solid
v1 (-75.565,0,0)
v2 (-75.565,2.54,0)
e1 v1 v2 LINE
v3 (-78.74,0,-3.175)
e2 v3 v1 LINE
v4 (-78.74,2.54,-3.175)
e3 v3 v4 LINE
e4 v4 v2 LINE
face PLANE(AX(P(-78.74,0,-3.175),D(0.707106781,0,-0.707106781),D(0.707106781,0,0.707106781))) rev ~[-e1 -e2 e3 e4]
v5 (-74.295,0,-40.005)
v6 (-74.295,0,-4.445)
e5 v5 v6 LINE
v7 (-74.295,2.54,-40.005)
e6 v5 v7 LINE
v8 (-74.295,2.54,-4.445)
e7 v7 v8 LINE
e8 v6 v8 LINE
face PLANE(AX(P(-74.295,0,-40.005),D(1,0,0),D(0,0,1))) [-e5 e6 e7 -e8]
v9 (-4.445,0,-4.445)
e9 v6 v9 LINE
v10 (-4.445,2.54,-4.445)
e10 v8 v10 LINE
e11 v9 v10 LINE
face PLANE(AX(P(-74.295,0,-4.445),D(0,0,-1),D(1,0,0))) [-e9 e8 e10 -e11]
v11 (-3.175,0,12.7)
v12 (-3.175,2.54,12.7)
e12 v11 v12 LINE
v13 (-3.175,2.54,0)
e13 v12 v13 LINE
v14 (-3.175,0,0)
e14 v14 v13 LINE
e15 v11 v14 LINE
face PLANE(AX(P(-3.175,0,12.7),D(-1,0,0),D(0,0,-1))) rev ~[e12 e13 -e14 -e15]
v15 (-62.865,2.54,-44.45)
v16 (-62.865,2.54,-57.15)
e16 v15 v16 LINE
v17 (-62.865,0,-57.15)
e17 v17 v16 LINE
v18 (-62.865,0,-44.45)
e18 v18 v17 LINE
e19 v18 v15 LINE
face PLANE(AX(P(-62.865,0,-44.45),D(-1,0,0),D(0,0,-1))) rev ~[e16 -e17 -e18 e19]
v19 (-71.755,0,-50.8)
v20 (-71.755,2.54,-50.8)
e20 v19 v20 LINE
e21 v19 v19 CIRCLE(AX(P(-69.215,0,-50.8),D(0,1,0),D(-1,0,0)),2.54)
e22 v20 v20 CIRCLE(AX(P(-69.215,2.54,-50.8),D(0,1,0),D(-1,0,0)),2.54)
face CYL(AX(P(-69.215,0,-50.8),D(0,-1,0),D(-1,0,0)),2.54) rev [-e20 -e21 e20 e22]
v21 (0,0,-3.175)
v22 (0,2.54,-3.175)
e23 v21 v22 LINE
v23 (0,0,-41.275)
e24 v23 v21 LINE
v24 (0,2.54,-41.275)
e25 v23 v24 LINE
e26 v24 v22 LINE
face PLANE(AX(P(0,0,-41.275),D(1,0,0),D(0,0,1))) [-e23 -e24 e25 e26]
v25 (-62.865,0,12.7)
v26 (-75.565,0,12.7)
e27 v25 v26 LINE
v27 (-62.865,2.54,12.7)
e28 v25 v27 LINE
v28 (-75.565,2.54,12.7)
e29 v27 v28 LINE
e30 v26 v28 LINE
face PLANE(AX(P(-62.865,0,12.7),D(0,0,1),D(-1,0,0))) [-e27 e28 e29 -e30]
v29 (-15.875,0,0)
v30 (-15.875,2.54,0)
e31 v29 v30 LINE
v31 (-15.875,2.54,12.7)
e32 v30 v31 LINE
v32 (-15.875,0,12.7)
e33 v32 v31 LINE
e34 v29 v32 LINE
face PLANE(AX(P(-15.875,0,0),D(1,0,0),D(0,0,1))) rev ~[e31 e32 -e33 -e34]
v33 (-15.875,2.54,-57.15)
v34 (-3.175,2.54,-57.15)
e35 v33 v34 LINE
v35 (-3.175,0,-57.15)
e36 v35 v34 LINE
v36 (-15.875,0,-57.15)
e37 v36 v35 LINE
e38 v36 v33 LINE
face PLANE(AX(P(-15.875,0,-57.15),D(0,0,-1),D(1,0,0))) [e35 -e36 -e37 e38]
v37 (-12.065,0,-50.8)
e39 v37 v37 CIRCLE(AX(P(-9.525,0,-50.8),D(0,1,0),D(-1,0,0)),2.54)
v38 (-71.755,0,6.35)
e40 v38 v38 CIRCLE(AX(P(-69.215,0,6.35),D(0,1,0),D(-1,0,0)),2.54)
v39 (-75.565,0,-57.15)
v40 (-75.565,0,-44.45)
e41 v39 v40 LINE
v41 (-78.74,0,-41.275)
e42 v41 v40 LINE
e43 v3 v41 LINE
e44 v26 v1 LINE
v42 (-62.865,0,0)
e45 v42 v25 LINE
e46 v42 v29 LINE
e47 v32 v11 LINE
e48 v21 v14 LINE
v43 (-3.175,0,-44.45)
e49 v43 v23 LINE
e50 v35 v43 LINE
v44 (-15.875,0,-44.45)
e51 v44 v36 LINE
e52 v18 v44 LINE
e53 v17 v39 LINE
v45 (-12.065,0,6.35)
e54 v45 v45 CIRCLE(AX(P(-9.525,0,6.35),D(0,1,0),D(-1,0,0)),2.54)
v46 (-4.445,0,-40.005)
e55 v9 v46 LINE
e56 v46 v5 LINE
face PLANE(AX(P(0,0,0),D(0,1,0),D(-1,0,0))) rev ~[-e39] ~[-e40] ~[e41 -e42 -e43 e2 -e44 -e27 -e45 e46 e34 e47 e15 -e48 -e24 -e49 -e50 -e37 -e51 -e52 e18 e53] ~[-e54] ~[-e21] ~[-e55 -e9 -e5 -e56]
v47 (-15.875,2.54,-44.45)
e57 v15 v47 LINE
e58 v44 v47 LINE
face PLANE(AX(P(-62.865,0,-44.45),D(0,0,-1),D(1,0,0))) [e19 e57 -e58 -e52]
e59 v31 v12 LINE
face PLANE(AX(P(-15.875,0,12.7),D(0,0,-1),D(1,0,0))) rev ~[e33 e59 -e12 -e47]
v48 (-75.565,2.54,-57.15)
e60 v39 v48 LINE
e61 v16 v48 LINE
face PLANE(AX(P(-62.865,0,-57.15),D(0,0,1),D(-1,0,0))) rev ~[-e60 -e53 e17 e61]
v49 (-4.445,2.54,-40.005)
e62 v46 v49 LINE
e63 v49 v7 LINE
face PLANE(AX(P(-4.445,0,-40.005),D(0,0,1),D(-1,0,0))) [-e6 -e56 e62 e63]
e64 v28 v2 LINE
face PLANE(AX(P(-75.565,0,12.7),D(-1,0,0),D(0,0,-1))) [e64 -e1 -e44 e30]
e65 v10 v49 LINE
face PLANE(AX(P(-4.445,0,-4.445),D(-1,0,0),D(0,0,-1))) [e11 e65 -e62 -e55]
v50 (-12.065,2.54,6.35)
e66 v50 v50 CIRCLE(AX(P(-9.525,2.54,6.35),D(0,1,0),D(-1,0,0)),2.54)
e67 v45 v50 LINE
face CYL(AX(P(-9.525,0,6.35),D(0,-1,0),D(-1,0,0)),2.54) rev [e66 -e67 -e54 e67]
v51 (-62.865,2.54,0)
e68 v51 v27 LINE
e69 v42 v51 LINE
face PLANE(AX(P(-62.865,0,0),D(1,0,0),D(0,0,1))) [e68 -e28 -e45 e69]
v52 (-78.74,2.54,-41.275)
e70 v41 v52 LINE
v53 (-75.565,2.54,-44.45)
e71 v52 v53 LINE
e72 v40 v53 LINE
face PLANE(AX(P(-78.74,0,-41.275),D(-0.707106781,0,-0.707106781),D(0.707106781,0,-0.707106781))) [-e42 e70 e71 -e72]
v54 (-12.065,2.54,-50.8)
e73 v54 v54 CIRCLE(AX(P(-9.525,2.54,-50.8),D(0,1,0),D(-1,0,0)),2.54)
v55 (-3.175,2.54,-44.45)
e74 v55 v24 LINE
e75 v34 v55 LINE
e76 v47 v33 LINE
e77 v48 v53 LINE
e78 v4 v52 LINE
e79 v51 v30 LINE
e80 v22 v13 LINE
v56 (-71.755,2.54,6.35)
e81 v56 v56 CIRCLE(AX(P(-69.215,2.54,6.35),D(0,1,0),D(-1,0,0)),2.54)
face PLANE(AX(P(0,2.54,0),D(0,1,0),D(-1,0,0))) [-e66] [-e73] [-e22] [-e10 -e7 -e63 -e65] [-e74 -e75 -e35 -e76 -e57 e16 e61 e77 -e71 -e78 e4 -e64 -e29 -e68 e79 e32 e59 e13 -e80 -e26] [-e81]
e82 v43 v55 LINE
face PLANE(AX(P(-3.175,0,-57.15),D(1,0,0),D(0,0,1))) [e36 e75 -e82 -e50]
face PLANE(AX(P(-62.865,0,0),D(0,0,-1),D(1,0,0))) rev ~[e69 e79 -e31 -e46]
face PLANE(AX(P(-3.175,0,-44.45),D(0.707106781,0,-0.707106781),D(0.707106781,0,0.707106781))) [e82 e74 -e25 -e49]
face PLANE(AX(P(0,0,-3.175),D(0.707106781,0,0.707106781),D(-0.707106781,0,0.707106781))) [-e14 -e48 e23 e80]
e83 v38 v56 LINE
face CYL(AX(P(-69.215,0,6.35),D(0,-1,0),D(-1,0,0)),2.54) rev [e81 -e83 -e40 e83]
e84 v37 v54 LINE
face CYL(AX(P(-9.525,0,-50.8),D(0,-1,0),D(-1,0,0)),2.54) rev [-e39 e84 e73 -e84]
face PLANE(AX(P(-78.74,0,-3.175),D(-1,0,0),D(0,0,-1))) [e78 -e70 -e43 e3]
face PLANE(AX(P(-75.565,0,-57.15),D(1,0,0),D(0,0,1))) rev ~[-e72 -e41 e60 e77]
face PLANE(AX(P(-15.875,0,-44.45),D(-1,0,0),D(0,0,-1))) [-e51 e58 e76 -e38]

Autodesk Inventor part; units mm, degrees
ref_plane "YZ Plane" through (0, 0, 0) normal (1, 0, 0) x (0, 1, 0)
ref_plane "XZ Plane" through (0, 0, 0) normal (0, 1, 0) x (-1, 0, 0)
ref_plane "XY Plane" through (0, 0, 0) normal (0, 0, 1) x (1, 0, 0)
sketch "Sketch1" plane through (0, 0, 0) normal (0, 1, 0) x (-1, 0, 0)
  line L0 (78.74, -3.175) -> (78.74, -41.275)
  line L1 (0, -41.275) -> (0, -3.175)
  line L2 (74.295, -4.445) -> (4.445, -4.445)
  line L3 (4.445, -4.445) -> (4.445, -40.005)
  line L4 (4.445, -40.005) -> (74.295, -40.005)
  line L5 (74.295, -40.005) -> (74.295, -4.445)
  line L6 (78.74, -3.175) -> (75.565, 0)
  line L7 (78.74, -41.275) -> (75.565, -44.45)
  line L8 (3.175, -44.45) -> (0, -41.275)
  line L9 (0, -3.175) -> (3.175, 0)
  line L10 (62.865, 0) -> (62.865, 12.7)
  line L11 (62.865, 12.7) -> (75.565, 12.7)
  line L12 (75.565, 12.7) -> (75.565, 0)
  line L13 (62.865, -44.45) -> (62.865, -57.15)
  line L14 (62.865, -57.15) -> (75.565, -57.15)
  line L15 (75.565, -57.15) -> (75.565, -44.45)
  line L16 (15.875, -44.45) -> (15.875, -57.15)
  line L17 (15.875, -57.15) -> (3.175, -57.15)
  line L18 (3.175, -57.15) -> (3.175, -44.45)
  line L19 (15.875, 0) -> (15.875, 12.7)
  line L20 (15.875, 12.7) -> (3.175, 12.7)
  line L21 (3.175, 12.7) -> (3.175, 0)
  line L22 (62.865, 0) -> (15.875, 0)
  line L23 (62.865, -44.45) -> (15.875, -44.45)
  circle A0 centre (69.215, 6.35) radius 2.54
  circle A1 centre (9.525, -50.8) radius 2.54
  circle A2 centre (9.525, 6.35) radius 2.54
  circle A3 centre (69.215, -50.8) radius 2.54
extrude "Extrusion1" add sketch "Sketch1" along normal blind 2.54
properties part number "Spark MAX Holder Bottom"
